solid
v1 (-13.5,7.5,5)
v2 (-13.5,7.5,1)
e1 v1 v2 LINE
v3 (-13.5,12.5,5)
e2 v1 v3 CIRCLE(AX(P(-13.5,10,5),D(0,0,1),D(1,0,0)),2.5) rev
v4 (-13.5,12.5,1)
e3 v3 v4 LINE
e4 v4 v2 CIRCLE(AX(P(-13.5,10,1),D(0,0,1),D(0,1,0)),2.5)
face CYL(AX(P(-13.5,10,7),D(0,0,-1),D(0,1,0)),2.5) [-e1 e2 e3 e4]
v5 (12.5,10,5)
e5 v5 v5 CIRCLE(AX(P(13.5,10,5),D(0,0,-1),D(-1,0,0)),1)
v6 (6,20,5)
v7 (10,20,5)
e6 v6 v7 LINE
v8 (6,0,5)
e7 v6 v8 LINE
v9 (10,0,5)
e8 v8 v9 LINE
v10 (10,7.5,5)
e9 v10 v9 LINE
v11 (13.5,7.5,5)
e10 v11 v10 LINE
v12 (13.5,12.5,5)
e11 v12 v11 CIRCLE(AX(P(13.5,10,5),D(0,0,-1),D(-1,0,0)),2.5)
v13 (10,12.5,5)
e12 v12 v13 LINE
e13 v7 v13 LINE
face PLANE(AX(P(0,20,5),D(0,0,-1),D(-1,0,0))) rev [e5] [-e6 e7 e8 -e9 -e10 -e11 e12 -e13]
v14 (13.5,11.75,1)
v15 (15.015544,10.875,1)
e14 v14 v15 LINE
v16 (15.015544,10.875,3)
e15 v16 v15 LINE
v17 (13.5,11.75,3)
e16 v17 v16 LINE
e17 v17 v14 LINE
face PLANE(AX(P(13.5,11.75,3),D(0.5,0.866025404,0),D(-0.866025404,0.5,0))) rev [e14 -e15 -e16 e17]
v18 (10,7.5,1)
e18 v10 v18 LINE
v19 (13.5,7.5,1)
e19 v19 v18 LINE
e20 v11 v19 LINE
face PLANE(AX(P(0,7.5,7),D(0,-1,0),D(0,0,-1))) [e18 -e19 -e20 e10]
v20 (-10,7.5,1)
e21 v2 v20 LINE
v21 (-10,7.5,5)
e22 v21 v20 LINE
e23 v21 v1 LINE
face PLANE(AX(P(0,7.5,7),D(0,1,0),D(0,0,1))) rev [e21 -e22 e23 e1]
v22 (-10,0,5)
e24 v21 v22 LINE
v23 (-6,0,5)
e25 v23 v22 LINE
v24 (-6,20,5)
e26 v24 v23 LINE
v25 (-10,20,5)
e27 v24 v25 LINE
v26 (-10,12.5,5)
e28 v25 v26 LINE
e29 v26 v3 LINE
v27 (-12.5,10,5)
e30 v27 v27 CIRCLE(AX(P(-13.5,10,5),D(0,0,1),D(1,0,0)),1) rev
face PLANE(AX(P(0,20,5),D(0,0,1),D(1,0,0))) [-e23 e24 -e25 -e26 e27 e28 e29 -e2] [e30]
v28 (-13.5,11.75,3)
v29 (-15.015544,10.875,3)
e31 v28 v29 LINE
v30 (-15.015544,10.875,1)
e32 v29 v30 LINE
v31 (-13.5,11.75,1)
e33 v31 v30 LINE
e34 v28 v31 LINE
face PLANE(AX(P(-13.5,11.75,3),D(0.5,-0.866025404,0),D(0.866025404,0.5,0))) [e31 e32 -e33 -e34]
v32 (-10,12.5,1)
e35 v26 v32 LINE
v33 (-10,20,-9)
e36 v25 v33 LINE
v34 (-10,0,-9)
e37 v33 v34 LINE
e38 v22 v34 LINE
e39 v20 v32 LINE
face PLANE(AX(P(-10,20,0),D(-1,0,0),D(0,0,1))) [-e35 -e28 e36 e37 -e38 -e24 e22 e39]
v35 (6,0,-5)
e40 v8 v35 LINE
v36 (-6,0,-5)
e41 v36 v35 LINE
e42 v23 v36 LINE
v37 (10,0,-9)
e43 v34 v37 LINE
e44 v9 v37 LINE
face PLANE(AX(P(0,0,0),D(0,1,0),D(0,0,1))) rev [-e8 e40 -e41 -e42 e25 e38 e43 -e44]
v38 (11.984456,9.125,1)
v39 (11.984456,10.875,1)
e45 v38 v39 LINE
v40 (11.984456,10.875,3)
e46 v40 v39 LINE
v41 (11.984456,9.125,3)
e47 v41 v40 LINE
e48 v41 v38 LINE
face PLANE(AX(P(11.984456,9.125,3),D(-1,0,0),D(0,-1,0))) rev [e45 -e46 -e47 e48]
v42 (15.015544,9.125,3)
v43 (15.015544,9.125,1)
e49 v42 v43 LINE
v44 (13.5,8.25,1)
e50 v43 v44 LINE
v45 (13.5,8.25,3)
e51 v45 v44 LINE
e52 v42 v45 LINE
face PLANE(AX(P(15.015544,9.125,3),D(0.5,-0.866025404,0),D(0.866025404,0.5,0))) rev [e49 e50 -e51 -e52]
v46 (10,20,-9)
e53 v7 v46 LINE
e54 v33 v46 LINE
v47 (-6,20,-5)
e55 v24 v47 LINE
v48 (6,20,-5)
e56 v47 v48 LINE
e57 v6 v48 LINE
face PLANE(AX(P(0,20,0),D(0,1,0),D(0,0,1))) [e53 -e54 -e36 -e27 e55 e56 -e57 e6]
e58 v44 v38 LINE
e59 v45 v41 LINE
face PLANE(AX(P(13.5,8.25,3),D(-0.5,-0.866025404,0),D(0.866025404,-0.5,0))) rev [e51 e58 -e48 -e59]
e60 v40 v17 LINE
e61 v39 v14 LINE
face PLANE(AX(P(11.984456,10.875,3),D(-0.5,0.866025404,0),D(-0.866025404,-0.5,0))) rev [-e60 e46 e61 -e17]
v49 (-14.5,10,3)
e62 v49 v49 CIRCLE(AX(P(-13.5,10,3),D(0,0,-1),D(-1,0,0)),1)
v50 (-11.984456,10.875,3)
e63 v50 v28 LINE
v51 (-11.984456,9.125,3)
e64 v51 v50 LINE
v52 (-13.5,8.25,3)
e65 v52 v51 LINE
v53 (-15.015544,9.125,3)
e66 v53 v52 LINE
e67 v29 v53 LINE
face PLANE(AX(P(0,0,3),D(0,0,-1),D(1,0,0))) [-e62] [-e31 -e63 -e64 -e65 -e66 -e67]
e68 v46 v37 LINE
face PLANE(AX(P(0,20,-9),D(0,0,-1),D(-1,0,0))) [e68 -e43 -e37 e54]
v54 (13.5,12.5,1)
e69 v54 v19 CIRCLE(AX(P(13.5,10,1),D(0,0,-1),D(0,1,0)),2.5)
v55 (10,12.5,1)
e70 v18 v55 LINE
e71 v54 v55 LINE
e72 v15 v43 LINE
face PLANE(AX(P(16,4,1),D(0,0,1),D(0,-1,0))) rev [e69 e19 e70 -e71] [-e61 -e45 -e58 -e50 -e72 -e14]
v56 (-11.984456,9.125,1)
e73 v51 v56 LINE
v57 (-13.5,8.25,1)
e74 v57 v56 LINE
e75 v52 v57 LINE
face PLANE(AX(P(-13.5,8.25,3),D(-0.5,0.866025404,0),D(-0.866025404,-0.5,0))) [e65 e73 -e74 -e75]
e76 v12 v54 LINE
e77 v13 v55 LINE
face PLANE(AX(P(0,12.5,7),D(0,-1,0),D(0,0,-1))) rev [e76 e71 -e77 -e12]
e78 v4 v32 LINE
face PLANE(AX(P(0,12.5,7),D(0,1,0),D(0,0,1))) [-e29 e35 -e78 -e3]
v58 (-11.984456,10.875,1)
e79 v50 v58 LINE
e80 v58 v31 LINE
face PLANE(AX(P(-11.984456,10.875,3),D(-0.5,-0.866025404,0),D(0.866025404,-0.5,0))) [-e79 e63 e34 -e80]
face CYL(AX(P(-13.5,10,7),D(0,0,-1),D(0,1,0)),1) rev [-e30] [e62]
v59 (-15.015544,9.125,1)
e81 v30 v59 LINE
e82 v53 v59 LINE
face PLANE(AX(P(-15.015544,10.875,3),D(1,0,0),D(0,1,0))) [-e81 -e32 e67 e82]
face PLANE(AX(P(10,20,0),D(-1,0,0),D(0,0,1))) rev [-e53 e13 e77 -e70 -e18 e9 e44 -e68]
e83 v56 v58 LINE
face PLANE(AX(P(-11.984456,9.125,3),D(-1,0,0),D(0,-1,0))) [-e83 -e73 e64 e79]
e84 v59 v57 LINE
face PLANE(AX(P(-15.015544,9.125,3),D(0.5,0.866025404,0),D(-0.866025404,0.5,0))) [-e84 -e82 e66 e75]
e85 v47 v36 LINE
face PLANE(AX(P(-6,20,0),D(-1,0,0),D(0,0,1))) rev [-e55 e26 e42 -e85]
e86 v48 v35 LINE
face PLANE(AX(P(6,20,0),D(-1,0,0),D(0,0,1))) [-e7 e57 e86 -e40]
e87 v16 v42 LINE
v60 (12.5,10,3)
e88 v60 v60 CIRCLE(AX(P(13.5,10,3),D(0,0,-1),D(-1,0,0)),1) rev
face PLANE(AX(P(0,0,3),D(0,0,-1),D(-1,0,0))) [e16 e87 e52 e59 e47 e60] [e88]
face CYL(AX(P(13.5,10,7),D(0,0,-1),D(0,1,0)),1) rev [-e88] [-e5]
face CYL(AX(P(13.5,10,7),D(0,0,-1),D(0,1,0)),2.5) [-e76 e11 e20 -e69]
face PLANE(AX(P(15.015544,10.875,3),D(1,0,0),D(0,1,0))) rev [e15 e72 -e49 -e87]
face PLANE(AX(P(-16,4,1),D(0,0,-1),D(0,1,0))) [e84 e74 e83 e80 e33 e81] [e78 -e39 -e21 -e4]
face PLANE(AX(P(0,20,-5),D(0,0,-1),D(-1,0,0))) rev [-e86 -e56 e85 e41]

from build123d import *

# Parameters (mm, degrees)
BOSS_EXTRUDE1_DEPTH = 20
SKETCH2_W           = 4
SKETCH2_H           = 12
BOSS_EXTRUDE2_DEPTH = 6
SKETCH3_R           = 1
CUT_EXTRUDE1_DEPTH  = 6
CUT_EXTRUDE2_DEPTH  = 2


with BuildPart() as part:
    # Sketch1 → Boss-Extrude1 (new body)
    with BuildSketch(Plane(origin=(0, 0, 0), x_dir=(1, 0, 0), z_dir=(0, 1, 0))):
        Polygon((-6, -5), (-10, -5), (-10, 9), (10, 9), (10, -5), (6, -5), (6, 5), (-6, 5), align=None)
    extrude(amount=BOSS_EXTRUDE1_DEPTH)

    # Sketch2 → Boss-Extrude2 (add)
    with BuildSketch(Plane(origin=(10, 0, 0), x_dir=(0, 0, -1), z_dir=(1, 0, 0))):
        with Locations((-3, 10)):
            Rectangle(SKETCH2_W, SKETCH2_H)
    boss_extrude2 = extrude(amount=BOSS_EXTRUDE2_DEPTH)

    # Sketch3 → Cut-Extrude1 (cut)
    with BuildSketch(Plane(origin=(0, 0, 1), x_dir=(-1, 0, 0), z_dir=(0, 0, -1))):
        with BuildLine():
            Line((-16, 4), (-10, 4))
            Line((-10, 4), (-10, 7.5))
            Line((-10, 7.5), (-13.5, 7.5))
            ThreePointArc((-13.5, 7.5), (-15.267766953, 8.232233047), (-16, 10))
            Line((-16, 10), (-16, 4))
        make_face()
        with Locations(Location((-13.5, 10, 0), (0, 0, 90))):
            Circle(SKETCH3_R)
        with BuildLine():
            Line((-16, 16), (-16, 10))
            ThreePointArc((-16, 10), (-15.267766953, 11.767766953), (-13.5, 12.5))
            Line((-13.5, 12.5), (-10, 12.5))
            Line((-10, 12.5), (-10, 16))
            Line((-10, 16), (-16, 16))
        make_face()
    cut_extrude1 = extrude(amount=-CUT_EXTRUDE1_DEPTH, mode=Mode.SUBTRACT)

    # Sketch4 → Cut-Extrude2 (cut)
    with BuildSketch(Plane(origin=(0, 0, 1), x_dir=(-1, 0, 0), z_dir=(0, 0, -1))):
        Polygon((-13.5, 11.75), (-15.015544457, 10.875), (-15.015544457, 9.125), (-13.5, 8.25), (-11.984455543, 9.125), (-11.984455543, 10.875), align=None)
    cut_extrude2 = extrude(amount=-CUT_EXTRUDE2_DEPTH, mode=Mode.SUBTRACT)

    # Mirror1: Boss-Extrude2, Cut-Extrude1, Cut-Extrude2 across plane
    add(boss_extrude2.mirror(Plane(origin=(0, 0, 0), x_dir=(0, 0, 1), z_dir=(1, 0, 0))))
    add(cut_extrude1.mirror(Plane(origin=(0, 0, 0), x_dir=(0, 0, 1), z_dir=(1, 0, 0))), mode=Mode.SUBTRACT)
    add(cut_extrude2.mirror(Plane(origin=(0, 0, 0), x_dir=(0, 0, 1), z_dir=(1, 0, 0))), mode=Mode.SUBTRACT)


solid = part.part
